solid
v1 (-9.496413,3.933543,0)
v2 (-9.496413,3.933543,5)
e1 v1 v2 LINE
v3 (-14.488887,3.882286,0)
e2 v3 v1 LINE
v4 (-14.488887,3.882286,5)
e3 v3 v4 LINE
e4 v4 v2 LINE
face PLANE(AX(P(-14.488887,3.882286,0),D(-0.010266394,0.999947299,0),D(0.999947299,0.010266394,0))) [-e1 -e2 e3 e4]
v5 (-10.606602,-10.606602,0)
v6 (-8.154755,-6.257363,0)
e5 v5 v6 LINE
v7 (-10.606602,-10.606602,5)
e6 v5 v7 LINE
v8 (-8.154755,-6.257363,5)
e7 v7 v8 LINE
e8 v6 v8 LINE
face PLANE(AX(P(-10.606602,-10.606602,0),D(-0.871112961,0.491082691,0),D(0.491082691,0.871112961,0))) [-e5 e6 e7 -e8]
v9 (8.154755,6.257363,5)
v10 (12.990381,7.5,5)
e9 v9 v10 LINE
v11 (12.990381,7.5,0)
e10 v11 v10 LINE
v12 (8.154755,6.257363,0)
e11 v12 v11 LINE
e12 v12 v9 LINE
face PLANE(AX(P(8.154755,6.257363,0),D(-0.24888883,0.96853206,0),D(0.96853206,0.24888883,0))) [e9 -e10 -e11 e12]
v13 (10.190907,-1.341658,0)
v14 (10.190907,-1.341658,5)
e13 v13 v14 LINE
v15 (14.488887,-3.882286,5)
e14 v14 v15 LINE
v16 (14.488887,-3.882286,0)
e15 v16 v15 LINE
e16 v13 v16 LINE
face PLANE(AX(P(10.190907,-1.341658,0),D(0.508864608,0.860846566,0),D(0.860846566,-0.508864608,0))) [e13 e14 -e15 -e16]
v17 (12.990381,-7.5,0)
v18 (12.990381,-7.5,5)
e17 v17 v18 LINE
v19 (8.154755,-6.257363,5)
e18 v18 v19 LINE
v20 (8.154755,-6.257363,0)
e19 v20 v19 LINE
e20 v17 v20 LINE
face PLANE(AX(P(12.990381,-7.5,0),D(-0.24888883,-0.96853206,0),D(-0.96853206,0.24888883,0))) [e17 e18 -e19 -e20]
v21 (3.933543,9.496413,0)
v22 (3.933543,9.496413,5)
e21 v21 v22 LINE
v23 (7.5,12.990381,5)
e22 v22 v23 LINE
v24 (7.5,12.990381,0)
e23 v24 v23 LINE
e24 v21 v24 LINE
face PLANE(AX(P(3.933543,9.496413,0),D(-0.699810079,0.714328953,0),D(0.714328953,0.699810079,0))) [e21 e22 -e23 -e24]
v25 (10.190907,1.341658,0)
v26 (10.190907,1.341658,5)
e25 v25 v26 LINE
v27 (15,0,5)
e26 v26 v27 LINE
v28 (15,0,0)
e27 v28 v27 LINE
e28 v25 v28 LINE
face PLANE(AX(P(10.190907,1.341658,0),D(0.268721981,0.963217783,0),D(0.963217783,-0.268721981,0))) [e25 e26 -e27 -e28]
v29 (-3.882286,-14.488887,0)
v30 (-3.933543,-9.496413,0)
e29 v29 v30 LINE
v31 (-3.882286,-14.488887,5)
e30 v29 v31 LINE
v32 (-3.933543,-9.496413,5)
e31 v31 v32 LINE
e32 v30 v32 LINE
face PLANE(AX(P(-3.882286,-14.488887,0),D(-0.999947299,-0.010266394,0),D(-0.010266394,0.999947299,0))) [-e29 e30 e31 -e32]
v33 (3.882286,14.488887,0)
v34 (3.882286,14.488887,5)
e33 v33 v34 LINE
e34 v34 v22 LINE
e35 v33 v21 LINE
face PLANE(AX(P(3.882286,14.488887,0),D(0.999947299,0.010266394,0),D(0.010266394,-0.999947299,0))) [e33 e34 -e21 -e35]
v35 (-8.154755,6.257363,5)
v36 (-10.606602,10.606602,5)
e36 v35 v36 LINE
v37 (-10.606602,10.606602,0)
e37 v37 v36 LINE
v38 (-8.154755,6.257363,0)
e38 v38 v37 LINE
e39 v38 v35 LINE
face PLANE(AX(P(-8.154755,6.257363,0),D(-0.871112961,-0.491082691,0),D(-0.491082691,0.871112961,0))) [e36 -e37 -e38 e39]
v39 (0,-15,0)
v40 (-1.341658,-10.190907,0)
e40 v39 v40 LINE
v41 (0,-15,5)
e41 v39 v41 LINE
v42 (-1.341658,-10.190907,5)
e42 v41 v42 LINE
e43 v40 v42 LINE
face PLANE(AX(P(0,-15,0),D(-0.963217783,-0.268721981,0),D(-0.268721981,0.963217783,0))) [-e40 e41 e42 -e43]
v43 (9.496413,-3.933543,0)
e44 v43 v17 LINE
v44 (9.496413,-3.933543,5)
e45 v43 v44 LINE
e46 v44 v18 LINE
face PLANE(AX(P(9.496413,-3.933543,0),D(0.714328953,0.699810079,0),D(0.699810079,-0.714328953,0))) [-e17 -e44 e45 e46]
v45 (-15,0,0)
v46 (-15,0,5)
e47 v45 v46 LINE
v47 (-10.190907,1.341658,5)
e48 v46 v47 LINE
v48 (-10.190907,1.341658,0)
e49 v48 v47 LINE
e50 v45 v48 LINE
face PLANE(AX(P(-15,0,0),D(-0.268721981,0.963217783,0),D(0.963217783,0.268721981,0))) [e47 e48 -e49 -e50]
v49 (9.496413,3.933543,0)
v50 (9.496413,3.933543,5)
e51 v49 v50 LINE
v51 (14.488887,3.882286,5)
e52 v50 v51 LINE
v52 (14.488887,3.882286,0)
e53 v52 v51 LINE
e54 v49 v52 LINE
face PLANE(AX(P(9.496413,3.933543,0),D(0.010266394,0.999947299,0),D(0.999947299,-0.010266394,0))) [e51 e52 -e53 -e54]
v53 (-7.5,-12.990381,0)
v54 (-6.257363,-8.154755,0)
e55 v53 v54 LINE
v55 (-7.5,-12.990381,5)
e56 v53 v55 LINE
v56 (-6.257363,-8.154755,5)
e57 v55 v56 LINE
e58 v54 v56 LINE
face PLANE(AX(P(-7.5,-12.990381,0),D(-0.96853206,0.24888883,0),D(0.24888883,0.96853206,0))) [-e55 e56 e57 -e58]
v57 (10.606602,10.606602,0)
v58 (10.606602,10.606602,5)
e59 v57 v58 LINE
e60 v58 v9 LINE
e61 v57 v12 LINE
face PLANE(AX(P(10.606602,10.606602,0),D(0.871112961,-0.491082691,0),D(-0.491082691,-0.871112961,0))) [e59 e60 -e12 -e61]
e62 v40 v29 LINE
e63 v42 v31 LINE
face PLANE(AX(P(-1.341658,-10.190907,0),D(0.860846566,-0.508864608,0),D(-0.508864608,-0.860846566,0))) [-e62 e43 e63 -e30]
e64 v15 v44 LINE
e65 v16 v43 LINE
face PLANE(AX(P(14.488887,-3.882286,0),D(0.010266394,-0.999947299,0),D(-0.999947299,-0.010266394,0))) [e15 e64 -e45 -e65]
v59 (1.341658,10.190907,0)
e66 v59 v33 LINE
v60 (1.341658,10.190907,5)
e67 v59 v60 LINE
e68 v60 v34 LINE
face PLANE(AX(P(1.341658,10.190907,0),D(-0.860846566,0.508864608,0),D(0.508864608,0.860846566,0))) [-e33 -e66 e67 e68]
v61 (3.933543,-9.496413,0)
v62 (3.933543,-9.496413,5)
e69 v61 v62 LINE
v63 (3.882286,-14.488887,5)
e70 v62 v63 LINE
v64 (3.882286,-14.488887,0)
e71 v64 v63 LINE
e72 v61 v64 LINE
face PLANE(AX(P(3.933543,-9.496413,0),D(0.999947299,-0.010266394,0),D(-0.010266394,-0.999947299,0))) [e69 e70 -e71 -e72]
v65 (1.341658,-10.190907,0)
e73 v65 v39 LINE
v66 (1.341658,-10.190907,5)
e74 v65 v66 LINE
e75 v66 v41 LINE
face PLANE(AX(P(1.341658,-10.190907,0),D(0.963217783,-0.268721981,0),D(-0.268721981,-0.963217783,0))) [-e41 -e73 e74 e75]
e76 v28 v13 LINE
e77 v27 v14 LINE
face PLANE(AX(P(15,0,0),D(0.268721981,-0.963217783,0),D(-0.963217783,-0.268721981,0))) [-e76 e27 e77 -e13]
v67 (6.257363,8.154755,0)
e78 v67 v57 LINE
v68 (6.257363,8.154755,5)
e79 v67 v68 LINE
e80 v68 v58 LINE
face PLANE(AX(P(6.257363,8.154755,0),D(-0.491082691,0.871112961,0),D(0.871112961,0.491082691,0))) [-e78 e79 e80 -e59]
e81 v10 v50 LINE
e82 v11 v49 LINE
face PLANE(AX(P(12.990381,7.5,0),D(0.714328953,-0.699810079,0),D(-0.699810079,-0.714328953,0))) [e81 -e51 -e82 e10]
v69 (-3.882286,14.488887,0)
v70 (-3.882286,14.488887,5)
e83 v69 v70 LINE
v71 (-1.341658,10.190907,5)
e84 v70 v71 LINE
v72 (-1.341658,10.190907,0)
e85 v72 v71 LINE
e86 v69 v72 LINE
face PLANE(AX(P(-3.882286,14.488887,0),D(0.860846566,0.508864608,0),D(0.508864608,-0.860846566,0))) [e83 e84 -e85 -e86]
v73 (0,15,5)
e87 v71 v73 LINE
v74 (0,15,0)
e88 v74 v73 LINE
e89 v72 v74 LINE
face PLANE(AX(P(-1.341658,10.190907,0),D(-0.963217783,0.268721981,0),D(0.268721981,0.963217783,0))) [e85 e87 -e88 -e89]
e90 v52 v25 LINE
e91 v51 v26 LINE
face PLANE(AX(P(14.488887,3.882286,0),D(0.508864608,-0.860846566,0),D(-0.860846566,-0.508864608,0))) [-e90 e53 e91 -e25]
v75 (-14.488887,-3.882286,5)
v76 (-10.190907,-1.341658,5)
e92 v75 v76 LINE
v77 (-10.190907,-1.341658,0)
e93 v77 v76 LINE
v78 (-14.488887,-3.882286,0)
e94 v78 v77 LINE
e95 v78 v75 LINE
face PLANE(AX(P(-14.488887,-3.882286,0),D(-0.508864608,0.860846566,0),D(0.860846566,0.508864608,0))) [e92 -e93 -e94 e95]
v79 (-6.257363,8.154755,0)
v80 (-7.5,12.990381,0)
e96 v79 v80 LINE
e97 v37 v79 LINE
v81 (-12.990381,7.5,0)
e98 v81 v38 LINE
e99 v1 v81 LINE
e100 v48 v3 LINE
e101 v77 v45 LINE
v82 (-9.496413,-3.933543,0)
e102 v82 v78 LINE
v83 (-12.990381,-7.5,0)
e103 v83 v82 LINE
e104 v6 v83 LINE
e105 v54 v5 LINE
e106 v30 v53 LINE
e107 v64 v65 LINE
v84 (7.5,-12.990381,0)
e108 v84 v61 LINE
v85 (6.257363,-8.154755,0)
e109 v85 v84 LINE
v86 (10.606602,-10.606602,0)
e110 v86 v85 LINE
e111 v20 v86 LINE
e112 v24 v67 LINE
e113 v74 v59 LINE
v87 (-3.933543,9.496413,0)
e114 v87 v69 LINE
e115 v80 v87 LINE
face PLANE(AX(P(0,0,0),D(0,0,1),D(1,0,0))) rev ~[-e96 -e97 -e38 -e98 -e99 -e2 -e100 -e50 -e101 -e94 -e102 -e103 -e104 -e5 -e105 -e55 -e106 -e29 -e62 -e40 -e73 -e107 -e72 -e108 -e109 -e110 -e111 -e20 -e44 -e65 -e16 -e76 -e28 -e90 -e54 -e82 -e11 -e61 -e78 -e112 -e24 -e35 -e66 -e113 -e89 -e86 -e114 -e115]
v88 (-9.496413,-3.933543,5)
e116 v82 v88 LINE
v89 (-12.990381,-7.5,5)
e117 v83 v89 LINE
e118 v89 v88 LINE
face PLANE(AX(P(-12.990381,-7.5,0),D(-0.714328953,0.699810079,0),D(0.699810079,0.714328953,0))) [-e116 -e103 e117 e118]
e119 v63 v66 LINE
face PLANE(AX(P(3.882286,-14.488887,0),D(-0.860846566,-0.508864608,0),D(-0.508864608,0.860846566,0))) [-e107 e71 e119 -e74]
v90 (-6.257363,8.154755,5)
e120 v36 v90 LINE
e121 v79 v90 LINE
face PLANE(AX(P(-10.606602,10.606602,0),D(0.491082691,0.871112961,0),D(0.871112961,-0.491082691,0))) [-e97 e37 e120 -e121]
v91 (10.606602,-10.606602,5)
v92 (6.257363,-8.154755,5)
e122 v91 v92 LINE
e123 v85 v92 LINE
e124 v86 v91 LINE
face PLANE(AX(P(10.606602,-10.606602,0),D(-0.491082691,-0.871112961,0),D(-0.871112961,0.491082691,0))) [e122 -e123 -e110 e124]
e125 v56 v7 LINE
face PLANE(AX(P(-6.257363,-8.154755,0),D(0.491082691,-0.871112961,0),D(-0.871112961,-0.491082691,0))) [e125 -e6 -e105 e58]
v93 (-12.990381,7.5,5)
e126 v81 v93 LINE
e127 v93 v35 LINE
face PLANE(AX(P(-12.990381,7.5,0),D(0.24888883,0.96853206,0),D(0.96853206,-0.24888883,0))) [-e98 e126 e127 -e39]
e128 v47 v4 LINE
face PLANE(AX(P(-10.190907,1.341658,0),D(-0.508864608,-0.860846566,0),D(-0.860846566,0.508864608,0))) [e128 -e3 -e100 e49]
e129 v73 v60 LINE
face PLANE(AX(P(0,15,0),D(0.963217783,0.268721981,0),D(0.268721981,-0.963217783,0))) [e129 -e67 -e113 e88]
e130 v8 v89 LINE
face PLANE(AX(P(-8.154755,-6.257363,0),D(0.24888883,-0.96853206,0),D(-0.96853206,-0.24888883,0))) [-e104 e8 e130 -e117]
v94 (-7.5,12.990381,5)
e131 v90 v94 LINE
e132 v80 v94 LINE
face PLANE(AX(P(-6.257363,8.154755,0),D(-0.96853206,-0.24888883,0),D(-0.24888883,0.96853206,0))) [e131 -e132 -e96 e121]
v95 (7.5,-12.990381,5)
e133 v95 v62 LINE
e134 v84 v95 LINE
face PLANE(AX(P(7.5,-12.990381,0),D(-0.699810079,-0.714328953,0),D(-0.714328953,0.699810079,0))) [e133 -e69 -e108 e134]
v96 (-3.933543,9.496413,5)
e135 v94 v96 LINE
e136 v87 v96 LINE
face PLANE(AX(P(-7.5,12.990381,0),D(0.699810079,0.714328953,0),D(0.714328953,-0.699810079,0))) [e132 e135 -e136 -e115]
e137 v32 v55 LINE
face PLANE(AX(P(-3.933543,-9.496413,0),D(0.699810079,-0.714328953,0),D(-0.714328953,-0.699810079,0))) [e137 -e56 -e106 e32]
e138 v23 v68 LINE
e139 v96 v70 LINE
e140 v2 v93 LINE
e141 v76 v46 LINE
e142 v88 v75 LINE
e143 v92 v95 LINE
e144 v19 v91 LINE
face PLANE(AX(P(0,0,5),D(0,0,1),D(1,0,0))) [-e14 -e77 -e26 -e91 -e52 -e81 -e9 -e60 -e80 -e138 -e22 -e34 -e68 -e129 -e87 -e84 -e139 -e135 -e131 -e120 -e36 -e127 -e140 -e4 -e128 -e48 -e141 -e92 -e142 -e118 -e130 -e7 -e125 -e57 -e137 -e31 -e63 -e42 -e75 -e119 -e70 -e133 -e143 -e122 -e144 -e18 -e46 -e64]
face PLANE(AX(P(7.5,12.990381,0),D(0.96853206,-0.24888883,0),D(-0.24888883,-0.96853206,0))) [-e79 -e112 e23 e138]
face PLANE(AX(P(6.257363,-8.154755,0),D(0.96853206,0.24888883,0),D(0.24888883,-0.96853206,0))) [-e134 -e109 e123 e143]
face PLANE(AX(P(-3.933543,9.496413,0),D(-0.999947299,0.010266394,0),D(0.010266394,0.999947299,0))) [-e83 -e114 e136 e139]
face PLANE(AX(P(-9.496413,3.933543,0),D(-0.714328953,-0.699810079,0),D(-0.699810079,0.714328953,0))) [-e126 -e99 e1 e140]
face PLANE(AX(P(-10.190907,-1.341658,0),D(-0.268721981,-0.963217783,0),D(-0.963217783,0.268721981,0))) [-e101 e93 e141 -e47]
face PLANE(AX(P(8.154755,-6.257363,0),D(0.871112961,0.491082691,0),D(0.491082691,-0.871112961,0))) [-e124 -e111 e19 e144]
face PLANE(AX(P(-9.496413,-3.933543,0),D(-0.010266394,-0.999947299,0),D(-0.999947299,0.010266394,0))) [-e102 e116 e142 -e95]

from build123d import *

# Parameters (mm, degrees)
ESQUISSE1_R             = 15
BOSS_EXTRU_1_DEPTH      = 5
ENL_V_START             = -5
ENL_V_MAT_EXTRU_1_DEPTH = 5


with BuildPart() as part:
    # Esquisse1 → Boss.-Extru.1 (new body)
    with BuildSketch(Plane.XY):
        Circle(ESQUISSE1_R)
    extrude(amount=BOSS_EXTRU_1_DEPTH)

    # Esquisse2 → Enlèv. mat.-Extru.1 (cut)
    with BuildSketch(Plane.XY.offset(5).offset(ENL_V_START)):
        with BuildLine():
            Line((-6.257363421, 8.154754778), (-7.5, 12.990381057))
            ThreePointArc((-7.5, 12.990381057), (-9.131421435, 11.900300104), (-10.606601718, 10.606601718))
            Line((-10.606601718, 10.606601718), (-6.257363421, 8.154754778))
        make_face()
        with BuildLine():
            Line((-3.933543089, 9.496413072), (-3.882285677, 14.488887394))
            ThreePointArc((-3.882285677, 14.488887394), (-5.740251485, 13.858192988), (-7.5, 12.990381057))
            Line((-7.5, 12.990381057), (-3.933543089, 9.496413072))
        make_face()
        with BuildLine():
            Line((-1.341658295, 10.19090651), (0, 15))
            ThreePointArc((0, 15), (-1.957892883, 14.871672921), (-3.882285677, 14.488887394))
            Line((-3.882285677, 14.488887394), (-1.341658295, 10.19090651))
        make_face()
        with BuildLine():
            ThreePointArc((3.882285677, 14.488887394), (1.957892883, 14.871672921), (0, 15))
            Line((0, 15), (1.341658295, 10.19090651))
            Line((1.341658295, 10.19090651), (3.882285677, 14.488887394))
        make_face()
        with BuildLine():
            ThreePointArc((7.5, 12.990381057), (5.740251485, 13.858192988), (3.882285677, 14.488887394))
            Line((3.882285677, 14.488887394), (3.933543089, 9.496413072))
            Line((3.933543089, 9.496413072), (7.5, 12.990381057))
        make_face()
        with BuildLine():
            ThreePointArc((10.606601718, 10.606601718), (9.131421435, 11.900300104), (7.5, 12.990381057))
            Line((7.5, 12.990381057), (6.257363421, 8.154754778))
            Line((6.257363421, 8.154754778), (10.606601718, 10.606601718))
        make_face()
        with BuildLine():
            ThreePointArc((12.990381057, 7.5), (11.900300104, 9.131421435), (10.606601718, 10.606601718))
            Line((10.606601718, 10.606601718), (8.154754778, 6.257363421))
            Line((8.154754778, 6.257363421), (12.990381057, 7.5))
        make_face()
        with BuildLine():
            ThreePointArc((14.488887394, 3.882285677), (13.858192988, 5.740251485), (12.990381057, 7.5))
            Line((12.990381057, 7.5), (9.496413072, 3.933543089))
            Line((9.496413072, 3.933543089), (14.488887394, 3.882285677))
        make_face()
        with BuildLine():
            ThreePointArc((15, 0), (14.871672921, 1.957892883), (14.488887394, 3.882285677))
            Line((14.488887394, 3.882285677), (10.19090651, 1.341658295))
            Line((10.19090651, 1.341658295), (15, 0))
        make_face()
        with BuildLine():
            ThreePointArc((14.488887394, -3.882285677), (14.871672921, -1.957892883), (15, 0))
            Line((15, 0), (10.19090651, -1.341658295))
            Line((10.19090651, -1.341658295), (14.488887394, -3.882285677))
        make_face()
        with BuildLine():
            ThreePointArc((12.990381057, -7.5), (13.858192988, -5.740251485), (14.488887394, -3.882285677))
            Line((14.488887394, -3.882285677), (9.496413072, -3.933543089))
            Line((9.496413072, -3.933543089), (12.990381057, -7.5))
        make_face()
        with BuildLine():
            ThreePointArc((10.606601718, -10.606601718), (11.900300104, -9.131421435), (12.990381057, -7.5))
            Line((12.990381057, -7.5), (8.154754778, -6.257363421))
            Line((8.154754778, -6.257363421), (10.606601718, -10.606601718))
        make_face()
        with BuildLine():
            ThreePointArc((7.5, -12.990381057), (9.131421435, -11.900300104), (10.606601718, -10.606601718))
            Line((10.606601718, -10.606601718), (6.257363421, -8.154754778))
            Line((6.257363421, -8.154754778), (7.5, -12.990381057))
        make_face()
        with BuildLine():
            ThreePointArc((3.882285677, -14.488887394), (5.740251485, -13.858192988), (7.5, -12.990381057))
            Line((7.5, -12.990381057), (3.933543089, -9.496413072))
            Line((3.933543089, -9.496413072), (3.882285677, -14.488887394))
        make_face()
        with BuildLine():
            ThreePointArc((0, -15), (1.957892883, -14.871672921), (3.882285677, -14.488887394))
            Line((3.882285677, -14.488887394), (1.341658295, -10.19090651))
            Line((1.341658295, -10.19090651), (0, -15))
        make_face()
        with BuildLine():
            Line((-1.341658295, -10.19090651), (-3.882285677, -14.488887394))
            ThreePointArc((-3.882285677, -14.488887394), (-1.957892883, -14.871672921), (0, -15))
            Line((0, -15), (-1.341658295, -10.19090651))
        make_face()
        with BuildLine():
            Line((-3.933543089, -9.496413072), (-7.5, -12.990381057))
            ThreePointArc((-7.5, -12.990381057), (-5.740251485, -13.858192988), (-3.882285677, -14.488887394))
            Line((-3.882285677, -14.488887394), (-3.933543089, -9.496413072))
        make_face()
        with BuildLine():
            Line((-6.257363421, -8.154754778), (-10.606601718, -10.606601718))
            ThreePointArc((-10.606601718, -10.606601718), (-9.131421435, -11.900300104), (-7.5, -12.990381057))
            Line((-7.5, -12.990381057), (-6.257363421, -8.154754778))
        make_face()
        with BuildLine():
            Line((-8.154754778, -6.257363421), (-12.990381057, -7.5))
            ThreePointArc((-12.990381057, -7.5), (-11.900300104, -9.131421435), (-10.606601718, -10.606601718))
            Line((-10.606601718, -10.606601718), (-8.154754778, -6.257363421))
        make_face()
        with BuildLine():
            Line((-9.496413072, -3.933543089), (-14.488887394, -3.882285677))
            ThreePointArc((-14.488887394, -3.882285677), (-13.858192988, -5.740251485), (-12.990381057, -7.5))
            Line((-12.990381057, -7.5), (-9.496413072, -3.933543089))
        make_face()
        with BuildLine():
            Line((-10.19090651, -1.341658295), (-15, 0))
            ThreePointArc((-15, 0), (-14.871672921, -1.957892883), (-14.488887394, -3.882285677))
            Line((-14.488887394, -3.882285677), (-10.19090651, -1.341658295))
        make_face()
        with BuildLine():
            Line((-10.19090651, 1.341658295), (-14.488887394, 3.882285677))
            ThreePointArc((-14.488887394, 3.882285677), (-14.871672921, 1.957892883), (-15, 0))
            Line((-15, 0), (-10.19090651, 1.341658295))
        make_face()
        with BuildLine():
            Line((-9.496413072, 3.933543089), (-12.990381057, 7.5))
            ThreePointArc((-12.990381057, 7.5), (-13.858192988, 5.740251485), (-14.488887394, 3.882285677))
            Line((-14.488887394, 3.882285677), (-9.496413072, 3.933543089))
        make_face()
        with BuildLine():
            Line((-8.154754778, 6.257363421), (-10.606601718, 10.606601718))
            ThreePointArc((-10.606601718, 10.606601718), (-11.900300104, 9.131421435), (-12.990381057, 7.5))
            Line((-12.990381057, 7.5), (-8.154754778, 6.257363421))
        make_face()
    extrude(amount=ENL_V_MAT_EXTRU_1_DEPTH, mode=Mode.SUBTRACT)


solid = part.part
